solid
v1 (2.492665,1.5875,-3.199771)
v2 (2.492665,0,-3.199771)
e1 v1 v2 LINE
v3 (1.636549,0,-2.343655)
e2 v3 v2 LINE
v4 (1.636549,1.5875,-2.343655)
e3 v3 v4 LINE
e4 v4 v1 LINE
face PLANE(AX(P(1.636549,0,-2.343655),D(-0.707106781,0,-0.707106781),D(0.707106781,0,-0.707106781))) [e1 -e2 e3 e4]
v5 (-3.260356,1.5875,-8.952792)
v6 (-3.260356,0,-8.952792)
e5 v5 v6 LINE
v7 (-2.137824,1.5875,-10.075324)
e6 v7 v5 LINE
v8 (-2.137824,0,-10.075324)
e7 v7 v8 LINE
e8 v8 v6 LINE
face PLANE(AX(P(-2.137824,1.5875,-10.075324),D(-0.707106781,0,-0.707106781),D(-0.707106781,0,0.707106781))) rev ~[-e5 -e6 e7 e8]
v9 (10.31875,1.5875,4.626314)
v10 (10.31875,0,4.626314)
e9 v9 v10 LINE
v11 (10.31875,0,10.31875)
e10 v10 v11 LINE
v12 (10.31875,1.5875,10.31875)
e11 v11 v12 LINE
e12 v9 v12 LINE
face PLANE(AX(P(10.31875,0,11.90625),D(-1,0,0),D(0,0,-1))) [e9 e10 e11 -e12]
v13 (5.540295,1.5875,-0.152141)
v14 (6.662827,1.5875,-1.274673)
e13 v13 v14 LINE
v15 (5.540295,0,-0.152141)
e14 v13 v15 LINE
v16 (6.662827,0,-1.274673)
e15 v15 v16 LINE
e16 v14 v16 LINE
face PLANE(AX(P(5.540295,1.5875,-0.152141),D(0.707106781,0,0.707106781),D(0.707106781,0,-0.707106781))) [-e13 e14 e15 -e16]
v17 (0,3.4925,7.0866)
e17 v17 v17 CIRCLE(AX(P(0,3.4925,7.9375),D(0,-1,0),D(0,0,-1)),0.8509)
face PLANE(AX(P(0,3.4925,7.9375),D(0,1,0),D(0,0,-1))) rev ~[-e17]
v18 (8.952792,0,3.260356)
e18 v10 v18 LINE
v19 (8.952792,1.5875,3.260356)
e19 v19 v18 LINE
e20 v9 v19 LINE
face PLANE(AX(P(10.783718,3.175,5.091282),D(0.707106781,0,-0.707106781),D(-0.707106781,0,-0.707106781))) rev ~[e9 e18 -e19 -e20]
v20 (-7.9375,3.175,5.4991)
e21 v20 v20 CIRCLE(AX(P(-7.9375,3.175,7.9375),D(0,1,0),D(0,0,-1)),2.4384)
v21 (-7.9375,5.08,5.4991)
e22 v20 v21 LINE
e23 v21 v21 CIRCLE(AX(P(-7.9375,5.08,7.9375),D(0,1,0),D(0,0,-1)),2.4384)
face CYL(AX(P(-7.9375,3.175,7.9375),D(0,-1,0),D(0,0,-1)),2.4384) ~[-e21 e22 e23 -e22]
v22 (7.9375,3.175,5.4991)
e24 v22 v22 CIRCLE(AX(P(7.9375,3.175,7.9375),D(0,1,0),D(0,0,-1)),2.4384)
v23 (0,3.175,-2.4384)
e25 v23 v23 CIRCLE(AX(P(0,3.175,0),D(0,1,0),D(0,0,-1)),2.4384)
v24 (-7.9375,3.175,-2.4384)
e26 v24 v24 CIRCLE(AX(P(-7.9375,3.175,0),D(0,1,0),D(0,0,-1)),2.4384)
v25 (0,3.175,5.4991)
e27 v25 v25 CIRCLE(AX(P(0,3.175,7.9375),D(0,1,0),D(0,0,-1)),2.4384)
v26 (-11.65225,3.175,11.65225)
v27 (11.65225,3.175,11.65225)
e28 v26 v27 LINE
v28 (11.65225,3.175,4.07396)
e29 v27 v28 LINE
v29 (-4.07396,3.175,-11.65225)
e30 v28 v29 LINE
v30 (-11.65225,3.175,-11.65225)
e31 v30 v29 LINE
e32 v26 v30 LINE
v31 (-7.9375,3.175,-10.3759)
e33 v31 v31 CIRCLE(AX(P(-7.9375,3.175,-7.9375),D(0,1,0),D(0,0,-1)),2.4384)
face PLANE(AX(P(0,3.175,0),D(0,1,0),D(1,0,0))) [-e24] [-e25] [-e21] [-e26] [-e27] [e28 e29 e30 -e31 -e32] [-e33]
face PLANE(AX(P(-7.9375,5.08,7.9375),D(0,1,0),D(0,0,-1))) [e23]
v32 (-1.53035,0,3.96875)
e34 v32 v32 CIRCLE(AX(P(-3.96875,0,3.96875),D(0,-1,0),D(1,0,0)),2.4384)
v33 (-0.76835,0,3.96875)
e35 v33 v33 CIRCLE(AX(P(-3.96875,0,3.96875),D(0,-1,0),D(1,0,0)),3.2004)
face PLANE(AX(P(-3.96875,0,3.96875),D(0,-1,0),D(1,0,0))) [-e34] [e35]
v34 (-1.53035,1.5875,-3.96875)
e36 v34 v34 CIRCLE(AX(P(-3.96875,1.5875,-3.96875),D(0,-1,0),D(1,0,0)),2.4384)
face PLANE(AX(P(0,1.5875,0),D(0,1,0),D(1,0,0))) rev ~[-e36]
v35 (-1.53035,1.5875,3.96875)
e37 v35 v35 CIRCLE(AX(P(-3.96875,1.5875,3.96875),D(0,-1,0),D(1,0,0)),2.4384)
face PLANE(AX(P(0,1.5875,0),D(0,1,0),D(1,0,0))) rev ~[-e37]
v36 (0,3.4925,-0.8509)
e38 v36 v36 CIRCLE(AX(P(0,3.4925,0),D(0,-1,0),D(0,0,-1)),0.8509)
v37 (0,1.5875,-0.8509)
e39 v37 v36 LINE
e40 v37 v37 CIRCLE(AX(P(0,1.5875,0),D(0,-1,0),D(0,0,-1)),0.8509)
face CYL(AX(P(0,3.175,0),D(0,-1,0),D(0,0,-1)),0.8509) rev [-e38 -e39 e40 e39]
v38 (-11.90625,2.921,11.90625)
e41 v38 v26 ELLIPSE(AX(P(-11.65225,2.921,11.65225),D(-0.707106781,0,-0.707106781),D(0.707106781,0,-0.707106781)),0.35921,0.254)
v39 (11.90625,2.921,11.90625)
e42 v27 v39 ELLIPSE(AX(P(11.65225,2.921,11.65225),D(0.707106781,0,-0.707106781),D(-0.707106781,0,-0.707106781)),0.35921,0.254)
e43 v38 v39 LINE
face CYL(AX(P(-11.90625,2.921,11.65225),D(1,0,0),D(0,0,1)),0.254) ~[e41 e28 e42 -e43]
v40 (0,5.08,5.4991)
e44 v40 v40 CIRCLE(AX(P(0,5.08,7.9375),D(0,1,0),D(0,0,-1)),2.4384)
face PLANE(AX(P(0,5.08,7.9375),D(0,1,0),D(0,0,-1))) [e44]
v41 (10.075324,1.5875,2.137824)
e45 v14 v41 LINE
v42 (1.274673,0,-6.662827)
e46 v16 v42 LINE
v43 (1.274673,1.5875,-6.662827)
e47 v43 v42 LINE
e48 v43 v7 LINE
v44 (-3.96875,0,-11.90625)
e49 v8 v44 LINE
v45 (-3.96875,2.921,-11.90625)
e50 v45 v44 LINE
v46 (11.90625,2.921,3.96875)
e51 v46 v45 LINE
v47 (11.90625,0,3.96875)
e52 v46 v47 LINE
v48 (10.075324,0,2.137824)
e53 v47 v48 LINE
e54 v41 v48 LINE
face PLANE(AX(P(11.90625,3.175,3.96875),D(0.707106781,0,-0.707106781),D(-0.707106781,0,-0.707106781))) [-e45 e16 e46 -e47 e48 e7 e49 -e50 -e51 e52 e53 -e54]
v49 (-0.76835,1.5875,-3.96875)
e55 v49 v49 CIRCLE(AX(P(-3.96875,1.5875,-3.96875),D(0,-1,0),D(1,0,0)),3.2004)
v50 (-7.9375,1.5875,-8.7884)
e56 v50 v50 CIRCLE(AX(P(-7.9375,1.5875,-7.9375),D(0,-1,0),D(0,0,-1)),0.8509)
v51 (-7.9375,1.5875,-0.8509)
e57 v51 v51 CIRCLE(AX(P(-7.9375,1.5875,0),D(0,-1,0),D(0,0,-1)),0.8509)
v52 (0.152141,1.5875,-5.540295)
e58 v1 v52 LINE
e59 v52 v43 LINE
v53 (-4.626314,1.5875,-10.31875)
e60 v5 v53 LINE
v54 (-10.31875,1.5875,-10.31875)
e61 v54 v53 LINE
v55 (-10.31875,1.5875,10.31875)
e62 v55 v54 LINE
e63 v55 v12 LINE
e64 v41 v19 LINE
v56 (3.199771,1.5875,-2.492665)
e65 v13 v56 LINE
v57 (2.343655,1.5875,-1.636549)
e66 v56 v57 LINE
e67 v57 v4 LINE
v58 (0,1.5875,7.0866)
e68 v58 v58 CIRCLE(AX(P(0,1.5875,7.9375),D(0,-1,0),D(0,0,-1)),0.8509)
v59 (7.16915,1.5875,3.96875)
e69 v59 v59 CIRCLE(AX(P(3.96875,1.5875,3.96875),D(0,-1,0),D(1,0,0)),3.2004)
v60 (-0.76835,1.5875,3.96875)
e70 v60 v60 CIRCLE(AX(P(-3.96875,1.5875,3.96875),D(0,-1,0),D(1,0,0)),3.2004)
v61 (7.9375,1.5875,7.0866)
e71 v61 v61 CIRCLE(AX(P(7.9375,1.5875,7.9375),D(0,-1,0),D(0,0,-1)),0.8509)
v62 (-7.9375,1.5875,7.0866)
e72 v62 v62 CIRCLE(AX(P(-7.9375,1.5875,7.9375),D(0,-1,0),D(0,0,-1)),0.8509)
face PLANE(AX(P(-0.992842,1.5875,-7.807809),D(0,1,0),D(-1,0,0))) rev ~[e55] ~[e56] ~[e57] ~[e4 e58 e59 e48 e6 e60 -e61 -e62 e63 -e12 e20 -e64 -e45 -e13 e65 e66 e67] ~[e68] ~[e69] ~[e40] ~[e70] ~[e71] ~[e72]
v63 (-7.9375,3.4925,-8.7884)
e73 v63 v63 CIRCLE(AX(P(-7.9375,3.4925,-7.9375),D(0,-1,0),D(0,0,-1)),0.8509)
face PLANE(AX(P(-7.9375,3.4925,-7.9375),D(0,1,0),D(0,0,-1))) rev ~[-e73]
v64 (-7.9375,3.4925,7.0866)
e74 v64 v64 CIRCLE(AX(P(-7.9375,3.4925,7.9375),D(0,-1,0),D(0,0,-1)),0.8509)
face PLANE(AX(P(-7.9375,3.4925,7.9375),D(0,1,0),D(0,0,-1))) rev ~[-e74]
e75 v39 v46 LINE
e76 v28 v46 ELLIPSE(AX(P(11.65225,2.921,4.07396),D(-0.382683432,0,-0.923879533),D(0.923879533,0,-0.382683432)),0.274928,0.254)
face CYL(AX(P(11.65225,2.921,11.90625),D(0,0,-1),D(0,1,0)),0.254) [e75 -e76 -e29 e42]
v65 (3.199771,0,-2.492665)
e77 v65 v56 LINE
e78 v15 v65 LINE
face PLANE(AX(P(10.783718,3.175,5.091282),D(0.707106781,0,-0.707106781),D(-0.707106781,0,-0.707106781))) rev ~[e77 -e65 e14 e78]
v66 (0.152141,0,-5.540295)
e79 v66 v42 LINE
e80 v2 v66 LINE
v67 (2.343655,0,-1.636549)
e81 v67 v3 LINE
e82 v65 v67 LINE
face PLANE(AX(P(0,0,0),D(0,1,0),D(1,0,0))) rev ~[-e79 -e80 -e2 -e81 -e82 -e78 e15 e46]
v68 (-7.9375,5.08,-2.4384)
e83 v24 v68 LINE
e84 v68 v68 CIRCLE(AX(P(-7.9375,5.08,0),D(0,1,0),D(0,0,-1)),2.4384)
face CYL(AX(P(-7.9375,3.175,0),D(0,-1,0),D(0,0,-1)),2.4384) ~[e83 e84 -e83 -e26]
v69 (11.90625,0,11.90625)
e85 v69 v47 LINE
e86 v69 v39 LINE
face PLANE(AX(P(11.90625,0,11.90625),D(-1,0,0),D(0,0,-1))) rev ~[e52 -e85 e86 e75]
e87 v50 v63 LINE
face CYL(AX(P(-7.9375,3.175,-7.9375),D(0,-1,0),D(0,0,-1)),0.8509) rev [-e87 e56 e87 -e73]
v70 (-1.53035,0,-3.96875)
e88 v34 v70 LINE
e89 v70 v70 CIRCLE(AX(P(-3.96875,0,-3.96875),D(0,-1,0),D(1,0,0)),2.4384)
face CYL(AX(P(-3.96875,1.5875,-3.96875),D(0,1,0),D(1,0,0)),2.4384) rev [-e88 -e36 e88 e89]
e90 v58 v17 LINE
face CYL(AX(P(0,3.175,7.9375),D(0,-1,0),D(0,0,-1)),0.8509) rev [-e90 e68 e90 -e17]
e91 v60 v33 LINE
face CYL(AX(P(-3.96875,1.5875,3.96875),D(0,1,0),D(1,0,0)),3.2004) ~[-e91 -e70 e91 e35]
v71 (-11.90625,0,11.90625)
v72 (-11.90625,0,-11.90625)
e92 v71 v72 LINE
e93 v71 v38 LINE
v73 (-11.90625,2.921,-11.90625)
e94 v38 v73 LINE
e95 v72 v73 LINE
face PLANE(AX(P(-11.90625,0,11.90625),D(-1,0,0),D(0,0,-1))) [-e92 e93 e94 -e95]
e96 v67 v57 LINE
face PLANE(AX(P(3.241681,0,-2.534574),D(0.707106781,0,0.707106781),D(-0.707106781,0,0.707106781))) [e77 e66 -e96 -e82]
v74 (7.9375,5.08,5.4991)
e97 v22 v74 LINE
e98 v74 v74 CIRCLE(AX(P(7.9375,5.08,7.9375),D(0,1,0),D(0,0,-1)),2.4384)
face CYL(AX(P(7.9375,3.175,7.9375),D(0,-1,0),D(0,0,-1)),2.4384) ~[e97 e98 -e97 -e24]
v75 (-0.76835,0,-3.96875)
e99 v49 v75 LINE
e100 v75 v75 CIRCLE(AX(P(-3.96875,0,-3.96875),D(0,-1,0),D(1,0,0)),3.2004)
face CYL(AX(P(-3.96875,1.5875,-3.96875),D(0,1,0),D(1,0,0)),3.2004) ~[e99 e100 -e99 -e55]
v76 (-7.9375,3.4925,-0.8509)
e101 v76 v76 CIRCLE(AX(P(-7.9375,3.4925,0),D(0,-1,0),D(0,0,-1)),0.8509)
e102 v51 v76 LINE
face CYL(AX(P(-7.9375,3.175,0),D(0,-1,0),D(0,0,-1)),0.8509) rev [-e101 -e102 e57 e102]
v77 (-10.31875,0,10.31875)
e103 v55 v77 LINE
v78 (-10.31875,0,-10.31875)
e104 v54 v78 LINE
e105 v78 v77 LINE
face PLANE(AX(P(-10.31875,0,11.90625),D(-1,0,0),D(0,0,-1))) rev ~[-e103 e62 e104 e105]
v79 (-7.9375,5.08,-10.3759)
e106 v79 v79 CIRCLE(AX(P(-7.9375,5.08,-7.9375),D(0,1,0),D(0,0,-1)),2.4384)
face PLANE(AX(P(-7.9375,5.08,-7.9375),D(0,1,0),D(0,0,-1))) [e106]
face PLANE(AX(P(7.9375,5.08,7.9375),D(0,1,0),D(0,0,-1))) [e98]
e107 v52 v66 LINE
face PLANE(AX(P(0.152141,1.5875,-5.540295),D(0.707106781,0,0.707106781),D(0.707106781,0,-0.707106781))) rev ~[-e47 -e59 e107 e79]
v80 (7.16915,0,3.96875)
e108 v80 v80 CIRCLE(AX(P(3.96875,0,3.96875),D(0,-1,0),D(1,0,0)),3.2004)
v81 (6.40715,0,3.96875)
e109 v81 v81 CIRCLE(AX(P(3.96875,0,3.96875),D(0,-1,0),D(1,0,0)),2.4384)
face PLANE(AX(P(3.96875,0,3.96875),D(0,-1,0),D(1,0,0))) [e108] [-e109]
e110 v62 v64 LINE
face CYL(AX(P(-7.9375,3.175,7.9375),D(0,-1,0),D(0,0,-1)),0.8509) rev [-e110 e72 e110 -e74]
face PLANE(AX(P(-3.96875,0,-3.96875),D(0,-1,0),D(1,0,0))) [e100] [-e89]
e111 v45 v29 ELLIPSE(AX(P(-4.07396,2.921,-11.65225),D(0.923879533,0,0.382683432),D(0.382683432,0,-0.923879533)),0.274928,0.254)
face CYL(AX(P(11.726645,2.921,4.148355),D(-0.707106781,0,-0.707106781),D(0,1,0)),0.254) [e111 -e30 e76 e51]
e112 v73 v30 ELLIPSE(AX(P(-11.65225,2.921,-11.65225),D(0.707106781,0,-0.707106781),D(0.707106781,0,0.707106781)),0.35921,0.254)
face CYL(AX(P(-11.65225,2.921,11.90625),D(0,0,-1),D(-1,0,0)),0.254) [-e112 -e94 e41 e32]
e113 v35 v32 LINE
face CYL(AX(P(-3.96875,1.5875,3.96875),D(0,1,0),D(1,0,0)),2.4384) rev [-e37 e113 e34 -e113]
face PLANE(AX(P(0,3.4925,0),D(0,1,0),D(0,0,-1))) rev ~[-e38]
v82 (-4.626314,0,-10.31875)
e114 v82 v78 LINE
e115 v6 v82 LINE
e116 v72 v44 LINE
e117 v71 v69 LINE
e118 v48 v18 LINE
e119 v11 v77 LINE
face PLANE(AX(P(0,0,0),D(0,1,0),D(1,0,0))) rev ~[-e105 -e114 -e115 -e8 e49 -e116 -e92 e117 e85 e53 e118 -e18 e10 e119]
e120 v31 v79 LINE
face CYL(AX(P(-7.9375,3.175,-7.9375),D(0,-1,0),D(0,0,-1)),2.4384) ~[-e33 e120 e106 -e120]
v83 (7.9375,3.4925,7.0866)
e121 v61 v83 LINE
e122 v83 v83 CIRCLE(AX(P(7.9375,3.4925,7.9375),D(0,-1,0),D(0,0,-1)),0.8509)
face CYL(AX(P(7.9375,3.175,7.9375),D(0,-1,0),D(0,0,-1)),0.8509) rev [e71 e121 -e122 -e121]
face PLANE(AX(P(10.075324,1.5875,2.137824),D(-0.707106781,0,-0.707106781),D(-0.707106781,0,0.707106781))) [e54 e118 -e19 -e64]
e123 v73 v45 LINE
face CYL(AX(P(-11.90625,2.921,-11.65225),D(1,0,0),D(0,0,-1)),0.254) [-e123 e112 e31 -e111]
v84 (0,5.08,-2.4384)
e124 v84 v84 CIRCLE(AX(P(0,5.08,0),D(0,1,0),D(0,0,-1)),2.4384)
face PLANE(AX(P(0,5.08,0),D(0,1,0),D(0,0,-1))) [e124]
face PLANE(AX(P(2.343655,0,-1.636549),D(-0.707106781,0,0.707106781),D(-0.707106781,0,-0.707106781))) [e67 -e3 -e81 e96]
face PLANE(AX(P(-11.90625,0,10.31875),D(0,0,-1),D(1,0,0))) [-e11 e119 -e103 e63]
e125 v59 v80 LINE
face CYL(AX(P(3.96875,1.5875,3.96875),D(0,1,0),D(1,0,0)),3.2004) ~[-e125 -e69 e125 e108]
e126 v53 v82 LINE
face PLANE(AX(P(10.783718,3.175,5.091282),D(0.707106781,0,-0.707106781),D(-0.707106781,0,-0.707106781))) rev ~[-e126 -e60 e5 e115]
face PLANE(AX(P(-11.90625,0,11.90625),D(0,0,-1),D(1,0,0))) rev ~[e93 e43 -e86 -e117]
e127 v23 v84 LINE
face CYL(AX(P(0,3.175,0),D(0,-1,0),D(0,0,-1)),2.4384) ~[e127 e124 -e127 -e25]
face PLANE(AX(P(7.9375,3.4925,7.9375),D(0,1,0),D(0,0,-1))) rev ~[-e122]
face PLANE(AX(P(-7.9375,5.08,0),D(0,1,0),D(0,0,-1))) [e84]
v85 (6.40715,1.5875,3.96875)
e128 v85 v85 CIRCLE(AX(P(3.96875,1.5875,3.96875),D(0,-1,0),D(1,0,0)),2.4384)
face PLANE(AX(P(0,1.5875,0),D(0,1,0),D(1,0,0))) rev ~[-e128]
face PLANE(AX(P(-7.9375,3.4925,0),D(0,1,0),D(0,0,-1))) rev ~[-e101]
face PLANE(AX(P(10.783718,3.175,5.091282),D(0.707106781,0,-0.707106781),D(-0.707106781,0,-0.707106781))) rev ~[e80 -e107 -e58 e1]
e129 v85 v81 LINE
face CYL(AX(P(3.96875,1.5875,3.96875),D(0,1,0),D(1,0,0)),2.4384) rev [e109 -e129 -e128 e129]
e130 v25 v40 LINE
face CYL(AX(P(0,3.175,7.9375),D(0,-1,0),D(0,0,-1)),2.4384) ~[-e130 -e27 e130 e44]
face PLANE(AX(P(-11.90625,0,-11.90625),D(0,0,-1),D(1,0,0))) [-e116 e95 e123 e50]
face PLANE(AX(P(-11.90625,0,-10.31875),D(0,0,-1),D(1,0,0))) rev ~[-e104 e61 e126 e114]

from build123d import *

# Parameters (mm, degrees)
SKETCH1_W                = 23.8125
SKETCH1_H                = 23.8125
BASE_EXTRUDE_DEPTH       = 3.175
SKETCH2_R                = 2.4384
BOSS_EXTRUDE1_DEPTH      = 1.905
LPATTERN4_COUNT          = 3
LPATTERN4_PITCH          = 7.9375
LPATTERN4_COUNT_DIR2     = 3
LPATTERN4_PITCH_DIR2     = 7.9375
CUT_EXTRUDE1_DEPTH       = 18.134707559
SHELL1_T                 = -1.5875
SKETCH3_R                = 3.2004
SKETCH3_R_2              = 2.4384
INSDOT_DEPTH             = 1.5875
SKETCH5_R                = 3.2004
SKETCH5_R_2              = 2.4384
BOSS_EXTRUDE_THIN1_DEPTH = 1.5875
SKETCH6_R                = 3.2004
SKETCH6_R_2              = 2.4384
BOSS_EXTRUDE_THIN2_DEPTH = 1.5875
CUT_EXTRUDE2_START       = -1.5875
CUT_EXTRUDE2_DEPTH       = 1.5875
BOSS_EXTRUDE_THIN3_REACH = 19.588
FILLET1_R                = 0.254


with BuildPart() as part:
    # Sketch1 → Base-Extrude (new body)
    with BuildSketch(Plane(origin=(0, 0, 0), x_dir=(1, 0, 0), z_dir=(0, 1, 0))):
        Rectangle(SKETCH1_W, SKETCH1_H)
    extrude(amount=BASE_EXTRUDE_DEPTH)

    # Sketch2 → Boss-Extrude1 (add)
    with BuildSketch(Plane(origin=(0, 3.175, 0), x_dir=(-1, 0, 0), z_dir=(0, 1, 0))):
        with Locations(Location((7.9375, 7.9375, 0), (0, 0, 270))):
            Circle(SKETCH2_R)
    boss_extrude1 = extrude(amount=BOSS_EXTRUDE1_DEPTH)

    # LPattern4: Boss-Extrude1 3 × 3, 3 skipped
    with Locations(*[(i * LPATTERN4_PITCH, 0, -j * LPATTERN4_PITCH_DIR2) for i in range(LPATTERN4_COUNT) for j in range(LPATTERN4_COUNT_DIR2) if (i, j) not in ((0, 0), (1, 2), (2, 1), (2, 2))]):
        add(boss_extrude1)

    # Sketch4 → Cut-Extrude1 (cut, through all)
    with BuildSketch(Plane(origin=(0, 3.175, 0), x_dir=(-1, 0, 0), z_dir=(0, 1, 0))):
        Polygon((-11.90625, 3.96875), (3.96875, -11.90625), (-11.90625, -11.90625), align=None)
    extrude(amount=-CUT_EXTRUDE1_DEPTH, mode=Mode.SUBTRACT)

    # Shell1
    shell1_openings = [part.faces().sort_by_distance(p)[0] for p in [
        (-1.889880952, 0, 1.889880952),
    ]]
    offset(amount=SHELL1_T, openings=shell1_openings, kind=Kind.INTERSECTION)

    # Sketch3 → InsDot (add)
    with BuildSketch(Plane.XZ.offset(-1.5875)):
        with Locations((-3.96875, -3.96875)):
            Circle(SKETCH3_R)
        with Locations((-3.96875, -3.96875)):
            Circle(SKETCH3_R_2, mode=Mode.SUBTRACT)
    extrude(amount=INSDOT_DEPTH)

    # Sketch5 → Boss-Extrude-Thin1 (add)
    with BuildSketch(Plane(origin=(-0.918447423, 1.5875, 6.872038401), x_dir=(1, 0, 0), z_dir=(0, -1, 0))):
        with Locations((-3.050302577, -2.903288401)):
            Circle(SKETCH5_R)
        with Locations((-3.050302577, -2.903288401)):
            Circle(SKETCH5_R_2, mode=Mode.SUBTRACT)
    extrude(amount=BOSS_EXTRUDE_THIN1_DEPTH)

    # Sketch6 → Boss-Extrude-Thin2 (add)
    with BuildSketch(Plane(origin=(7.701488358, 1.5875, 8.898864744), x_dir=(1, 0, 0), z_dir=(0, -1, 0))):
        with Locations((-3.732738358, -4.930114744)):
            Circle(SKETCH6_R)
        with Locations((-3.732738358, -4.930114744)):
            Circle(SKETCH6_R_2, mode=Mode.SUBTRACT)
    extrude(amount=BOSS_EXTRUDE_THIN2_DEPTH)

    # Sketch7 → Cut-Extrude2 (cut)
    with BuildSketch(Plane.XZ.offset(CUT_EXTRUDE2_START)):
        Polygon((5.540294821, -0.152141149), (6.662826836, -1.274673164), (10.075324162, 2.137824162), (8.952792147, 3.260356177), align=None)
        Polygon((-3.260356177, -8.952792147), (0.152141149, -5.540294821), (1.274673164, -6.662826836), (-2.137824162, -10.075324162), align=None)
    extrude(amount=CUT_EXTRUDE2_DEPTH, mode=Mode.SUBTRACT)

    # Sketch8 → Boss-Extrude-Thin3 (add, up to next)
    with BuildSketch(Plane.XZ, mode=Mode.PRIVATE) as boss_extrude_thin3_sk1:
        Polygon((3.241680915, -2.534574133), (2.343655303, -1.636548521), (1.636548521, -2.343655303), (2.534574133, -3.241680915), align=None)
    boss_extrude_thin3_tool1 = extrude(boss_extrude_thin3_sk1.sketch, amount=-BOSS_EXTRUDE_THIN3_REACH, mode=Mode.PRIVATE) - part.part
    add(boss_extrude_thin3_tool1.solids().sort_by_distance((2.439115, 0, -2.439115))[0])

    # Fillet1
    fillet1_edges = [part.edges().sort_by_distance(p)[0] for p in [
        (11.90625, 3.175, 7.9375),
        (-7.9375, 3.175, -11.90625),
        (3.96875, 3.175, -3.96875),
        (-11.90625, 3.175, 0),
        (0, 3.175, 11.90625),
    ]]
    fillet(fillet1_edges, radius=FILLET1_R)


solid = part.part
